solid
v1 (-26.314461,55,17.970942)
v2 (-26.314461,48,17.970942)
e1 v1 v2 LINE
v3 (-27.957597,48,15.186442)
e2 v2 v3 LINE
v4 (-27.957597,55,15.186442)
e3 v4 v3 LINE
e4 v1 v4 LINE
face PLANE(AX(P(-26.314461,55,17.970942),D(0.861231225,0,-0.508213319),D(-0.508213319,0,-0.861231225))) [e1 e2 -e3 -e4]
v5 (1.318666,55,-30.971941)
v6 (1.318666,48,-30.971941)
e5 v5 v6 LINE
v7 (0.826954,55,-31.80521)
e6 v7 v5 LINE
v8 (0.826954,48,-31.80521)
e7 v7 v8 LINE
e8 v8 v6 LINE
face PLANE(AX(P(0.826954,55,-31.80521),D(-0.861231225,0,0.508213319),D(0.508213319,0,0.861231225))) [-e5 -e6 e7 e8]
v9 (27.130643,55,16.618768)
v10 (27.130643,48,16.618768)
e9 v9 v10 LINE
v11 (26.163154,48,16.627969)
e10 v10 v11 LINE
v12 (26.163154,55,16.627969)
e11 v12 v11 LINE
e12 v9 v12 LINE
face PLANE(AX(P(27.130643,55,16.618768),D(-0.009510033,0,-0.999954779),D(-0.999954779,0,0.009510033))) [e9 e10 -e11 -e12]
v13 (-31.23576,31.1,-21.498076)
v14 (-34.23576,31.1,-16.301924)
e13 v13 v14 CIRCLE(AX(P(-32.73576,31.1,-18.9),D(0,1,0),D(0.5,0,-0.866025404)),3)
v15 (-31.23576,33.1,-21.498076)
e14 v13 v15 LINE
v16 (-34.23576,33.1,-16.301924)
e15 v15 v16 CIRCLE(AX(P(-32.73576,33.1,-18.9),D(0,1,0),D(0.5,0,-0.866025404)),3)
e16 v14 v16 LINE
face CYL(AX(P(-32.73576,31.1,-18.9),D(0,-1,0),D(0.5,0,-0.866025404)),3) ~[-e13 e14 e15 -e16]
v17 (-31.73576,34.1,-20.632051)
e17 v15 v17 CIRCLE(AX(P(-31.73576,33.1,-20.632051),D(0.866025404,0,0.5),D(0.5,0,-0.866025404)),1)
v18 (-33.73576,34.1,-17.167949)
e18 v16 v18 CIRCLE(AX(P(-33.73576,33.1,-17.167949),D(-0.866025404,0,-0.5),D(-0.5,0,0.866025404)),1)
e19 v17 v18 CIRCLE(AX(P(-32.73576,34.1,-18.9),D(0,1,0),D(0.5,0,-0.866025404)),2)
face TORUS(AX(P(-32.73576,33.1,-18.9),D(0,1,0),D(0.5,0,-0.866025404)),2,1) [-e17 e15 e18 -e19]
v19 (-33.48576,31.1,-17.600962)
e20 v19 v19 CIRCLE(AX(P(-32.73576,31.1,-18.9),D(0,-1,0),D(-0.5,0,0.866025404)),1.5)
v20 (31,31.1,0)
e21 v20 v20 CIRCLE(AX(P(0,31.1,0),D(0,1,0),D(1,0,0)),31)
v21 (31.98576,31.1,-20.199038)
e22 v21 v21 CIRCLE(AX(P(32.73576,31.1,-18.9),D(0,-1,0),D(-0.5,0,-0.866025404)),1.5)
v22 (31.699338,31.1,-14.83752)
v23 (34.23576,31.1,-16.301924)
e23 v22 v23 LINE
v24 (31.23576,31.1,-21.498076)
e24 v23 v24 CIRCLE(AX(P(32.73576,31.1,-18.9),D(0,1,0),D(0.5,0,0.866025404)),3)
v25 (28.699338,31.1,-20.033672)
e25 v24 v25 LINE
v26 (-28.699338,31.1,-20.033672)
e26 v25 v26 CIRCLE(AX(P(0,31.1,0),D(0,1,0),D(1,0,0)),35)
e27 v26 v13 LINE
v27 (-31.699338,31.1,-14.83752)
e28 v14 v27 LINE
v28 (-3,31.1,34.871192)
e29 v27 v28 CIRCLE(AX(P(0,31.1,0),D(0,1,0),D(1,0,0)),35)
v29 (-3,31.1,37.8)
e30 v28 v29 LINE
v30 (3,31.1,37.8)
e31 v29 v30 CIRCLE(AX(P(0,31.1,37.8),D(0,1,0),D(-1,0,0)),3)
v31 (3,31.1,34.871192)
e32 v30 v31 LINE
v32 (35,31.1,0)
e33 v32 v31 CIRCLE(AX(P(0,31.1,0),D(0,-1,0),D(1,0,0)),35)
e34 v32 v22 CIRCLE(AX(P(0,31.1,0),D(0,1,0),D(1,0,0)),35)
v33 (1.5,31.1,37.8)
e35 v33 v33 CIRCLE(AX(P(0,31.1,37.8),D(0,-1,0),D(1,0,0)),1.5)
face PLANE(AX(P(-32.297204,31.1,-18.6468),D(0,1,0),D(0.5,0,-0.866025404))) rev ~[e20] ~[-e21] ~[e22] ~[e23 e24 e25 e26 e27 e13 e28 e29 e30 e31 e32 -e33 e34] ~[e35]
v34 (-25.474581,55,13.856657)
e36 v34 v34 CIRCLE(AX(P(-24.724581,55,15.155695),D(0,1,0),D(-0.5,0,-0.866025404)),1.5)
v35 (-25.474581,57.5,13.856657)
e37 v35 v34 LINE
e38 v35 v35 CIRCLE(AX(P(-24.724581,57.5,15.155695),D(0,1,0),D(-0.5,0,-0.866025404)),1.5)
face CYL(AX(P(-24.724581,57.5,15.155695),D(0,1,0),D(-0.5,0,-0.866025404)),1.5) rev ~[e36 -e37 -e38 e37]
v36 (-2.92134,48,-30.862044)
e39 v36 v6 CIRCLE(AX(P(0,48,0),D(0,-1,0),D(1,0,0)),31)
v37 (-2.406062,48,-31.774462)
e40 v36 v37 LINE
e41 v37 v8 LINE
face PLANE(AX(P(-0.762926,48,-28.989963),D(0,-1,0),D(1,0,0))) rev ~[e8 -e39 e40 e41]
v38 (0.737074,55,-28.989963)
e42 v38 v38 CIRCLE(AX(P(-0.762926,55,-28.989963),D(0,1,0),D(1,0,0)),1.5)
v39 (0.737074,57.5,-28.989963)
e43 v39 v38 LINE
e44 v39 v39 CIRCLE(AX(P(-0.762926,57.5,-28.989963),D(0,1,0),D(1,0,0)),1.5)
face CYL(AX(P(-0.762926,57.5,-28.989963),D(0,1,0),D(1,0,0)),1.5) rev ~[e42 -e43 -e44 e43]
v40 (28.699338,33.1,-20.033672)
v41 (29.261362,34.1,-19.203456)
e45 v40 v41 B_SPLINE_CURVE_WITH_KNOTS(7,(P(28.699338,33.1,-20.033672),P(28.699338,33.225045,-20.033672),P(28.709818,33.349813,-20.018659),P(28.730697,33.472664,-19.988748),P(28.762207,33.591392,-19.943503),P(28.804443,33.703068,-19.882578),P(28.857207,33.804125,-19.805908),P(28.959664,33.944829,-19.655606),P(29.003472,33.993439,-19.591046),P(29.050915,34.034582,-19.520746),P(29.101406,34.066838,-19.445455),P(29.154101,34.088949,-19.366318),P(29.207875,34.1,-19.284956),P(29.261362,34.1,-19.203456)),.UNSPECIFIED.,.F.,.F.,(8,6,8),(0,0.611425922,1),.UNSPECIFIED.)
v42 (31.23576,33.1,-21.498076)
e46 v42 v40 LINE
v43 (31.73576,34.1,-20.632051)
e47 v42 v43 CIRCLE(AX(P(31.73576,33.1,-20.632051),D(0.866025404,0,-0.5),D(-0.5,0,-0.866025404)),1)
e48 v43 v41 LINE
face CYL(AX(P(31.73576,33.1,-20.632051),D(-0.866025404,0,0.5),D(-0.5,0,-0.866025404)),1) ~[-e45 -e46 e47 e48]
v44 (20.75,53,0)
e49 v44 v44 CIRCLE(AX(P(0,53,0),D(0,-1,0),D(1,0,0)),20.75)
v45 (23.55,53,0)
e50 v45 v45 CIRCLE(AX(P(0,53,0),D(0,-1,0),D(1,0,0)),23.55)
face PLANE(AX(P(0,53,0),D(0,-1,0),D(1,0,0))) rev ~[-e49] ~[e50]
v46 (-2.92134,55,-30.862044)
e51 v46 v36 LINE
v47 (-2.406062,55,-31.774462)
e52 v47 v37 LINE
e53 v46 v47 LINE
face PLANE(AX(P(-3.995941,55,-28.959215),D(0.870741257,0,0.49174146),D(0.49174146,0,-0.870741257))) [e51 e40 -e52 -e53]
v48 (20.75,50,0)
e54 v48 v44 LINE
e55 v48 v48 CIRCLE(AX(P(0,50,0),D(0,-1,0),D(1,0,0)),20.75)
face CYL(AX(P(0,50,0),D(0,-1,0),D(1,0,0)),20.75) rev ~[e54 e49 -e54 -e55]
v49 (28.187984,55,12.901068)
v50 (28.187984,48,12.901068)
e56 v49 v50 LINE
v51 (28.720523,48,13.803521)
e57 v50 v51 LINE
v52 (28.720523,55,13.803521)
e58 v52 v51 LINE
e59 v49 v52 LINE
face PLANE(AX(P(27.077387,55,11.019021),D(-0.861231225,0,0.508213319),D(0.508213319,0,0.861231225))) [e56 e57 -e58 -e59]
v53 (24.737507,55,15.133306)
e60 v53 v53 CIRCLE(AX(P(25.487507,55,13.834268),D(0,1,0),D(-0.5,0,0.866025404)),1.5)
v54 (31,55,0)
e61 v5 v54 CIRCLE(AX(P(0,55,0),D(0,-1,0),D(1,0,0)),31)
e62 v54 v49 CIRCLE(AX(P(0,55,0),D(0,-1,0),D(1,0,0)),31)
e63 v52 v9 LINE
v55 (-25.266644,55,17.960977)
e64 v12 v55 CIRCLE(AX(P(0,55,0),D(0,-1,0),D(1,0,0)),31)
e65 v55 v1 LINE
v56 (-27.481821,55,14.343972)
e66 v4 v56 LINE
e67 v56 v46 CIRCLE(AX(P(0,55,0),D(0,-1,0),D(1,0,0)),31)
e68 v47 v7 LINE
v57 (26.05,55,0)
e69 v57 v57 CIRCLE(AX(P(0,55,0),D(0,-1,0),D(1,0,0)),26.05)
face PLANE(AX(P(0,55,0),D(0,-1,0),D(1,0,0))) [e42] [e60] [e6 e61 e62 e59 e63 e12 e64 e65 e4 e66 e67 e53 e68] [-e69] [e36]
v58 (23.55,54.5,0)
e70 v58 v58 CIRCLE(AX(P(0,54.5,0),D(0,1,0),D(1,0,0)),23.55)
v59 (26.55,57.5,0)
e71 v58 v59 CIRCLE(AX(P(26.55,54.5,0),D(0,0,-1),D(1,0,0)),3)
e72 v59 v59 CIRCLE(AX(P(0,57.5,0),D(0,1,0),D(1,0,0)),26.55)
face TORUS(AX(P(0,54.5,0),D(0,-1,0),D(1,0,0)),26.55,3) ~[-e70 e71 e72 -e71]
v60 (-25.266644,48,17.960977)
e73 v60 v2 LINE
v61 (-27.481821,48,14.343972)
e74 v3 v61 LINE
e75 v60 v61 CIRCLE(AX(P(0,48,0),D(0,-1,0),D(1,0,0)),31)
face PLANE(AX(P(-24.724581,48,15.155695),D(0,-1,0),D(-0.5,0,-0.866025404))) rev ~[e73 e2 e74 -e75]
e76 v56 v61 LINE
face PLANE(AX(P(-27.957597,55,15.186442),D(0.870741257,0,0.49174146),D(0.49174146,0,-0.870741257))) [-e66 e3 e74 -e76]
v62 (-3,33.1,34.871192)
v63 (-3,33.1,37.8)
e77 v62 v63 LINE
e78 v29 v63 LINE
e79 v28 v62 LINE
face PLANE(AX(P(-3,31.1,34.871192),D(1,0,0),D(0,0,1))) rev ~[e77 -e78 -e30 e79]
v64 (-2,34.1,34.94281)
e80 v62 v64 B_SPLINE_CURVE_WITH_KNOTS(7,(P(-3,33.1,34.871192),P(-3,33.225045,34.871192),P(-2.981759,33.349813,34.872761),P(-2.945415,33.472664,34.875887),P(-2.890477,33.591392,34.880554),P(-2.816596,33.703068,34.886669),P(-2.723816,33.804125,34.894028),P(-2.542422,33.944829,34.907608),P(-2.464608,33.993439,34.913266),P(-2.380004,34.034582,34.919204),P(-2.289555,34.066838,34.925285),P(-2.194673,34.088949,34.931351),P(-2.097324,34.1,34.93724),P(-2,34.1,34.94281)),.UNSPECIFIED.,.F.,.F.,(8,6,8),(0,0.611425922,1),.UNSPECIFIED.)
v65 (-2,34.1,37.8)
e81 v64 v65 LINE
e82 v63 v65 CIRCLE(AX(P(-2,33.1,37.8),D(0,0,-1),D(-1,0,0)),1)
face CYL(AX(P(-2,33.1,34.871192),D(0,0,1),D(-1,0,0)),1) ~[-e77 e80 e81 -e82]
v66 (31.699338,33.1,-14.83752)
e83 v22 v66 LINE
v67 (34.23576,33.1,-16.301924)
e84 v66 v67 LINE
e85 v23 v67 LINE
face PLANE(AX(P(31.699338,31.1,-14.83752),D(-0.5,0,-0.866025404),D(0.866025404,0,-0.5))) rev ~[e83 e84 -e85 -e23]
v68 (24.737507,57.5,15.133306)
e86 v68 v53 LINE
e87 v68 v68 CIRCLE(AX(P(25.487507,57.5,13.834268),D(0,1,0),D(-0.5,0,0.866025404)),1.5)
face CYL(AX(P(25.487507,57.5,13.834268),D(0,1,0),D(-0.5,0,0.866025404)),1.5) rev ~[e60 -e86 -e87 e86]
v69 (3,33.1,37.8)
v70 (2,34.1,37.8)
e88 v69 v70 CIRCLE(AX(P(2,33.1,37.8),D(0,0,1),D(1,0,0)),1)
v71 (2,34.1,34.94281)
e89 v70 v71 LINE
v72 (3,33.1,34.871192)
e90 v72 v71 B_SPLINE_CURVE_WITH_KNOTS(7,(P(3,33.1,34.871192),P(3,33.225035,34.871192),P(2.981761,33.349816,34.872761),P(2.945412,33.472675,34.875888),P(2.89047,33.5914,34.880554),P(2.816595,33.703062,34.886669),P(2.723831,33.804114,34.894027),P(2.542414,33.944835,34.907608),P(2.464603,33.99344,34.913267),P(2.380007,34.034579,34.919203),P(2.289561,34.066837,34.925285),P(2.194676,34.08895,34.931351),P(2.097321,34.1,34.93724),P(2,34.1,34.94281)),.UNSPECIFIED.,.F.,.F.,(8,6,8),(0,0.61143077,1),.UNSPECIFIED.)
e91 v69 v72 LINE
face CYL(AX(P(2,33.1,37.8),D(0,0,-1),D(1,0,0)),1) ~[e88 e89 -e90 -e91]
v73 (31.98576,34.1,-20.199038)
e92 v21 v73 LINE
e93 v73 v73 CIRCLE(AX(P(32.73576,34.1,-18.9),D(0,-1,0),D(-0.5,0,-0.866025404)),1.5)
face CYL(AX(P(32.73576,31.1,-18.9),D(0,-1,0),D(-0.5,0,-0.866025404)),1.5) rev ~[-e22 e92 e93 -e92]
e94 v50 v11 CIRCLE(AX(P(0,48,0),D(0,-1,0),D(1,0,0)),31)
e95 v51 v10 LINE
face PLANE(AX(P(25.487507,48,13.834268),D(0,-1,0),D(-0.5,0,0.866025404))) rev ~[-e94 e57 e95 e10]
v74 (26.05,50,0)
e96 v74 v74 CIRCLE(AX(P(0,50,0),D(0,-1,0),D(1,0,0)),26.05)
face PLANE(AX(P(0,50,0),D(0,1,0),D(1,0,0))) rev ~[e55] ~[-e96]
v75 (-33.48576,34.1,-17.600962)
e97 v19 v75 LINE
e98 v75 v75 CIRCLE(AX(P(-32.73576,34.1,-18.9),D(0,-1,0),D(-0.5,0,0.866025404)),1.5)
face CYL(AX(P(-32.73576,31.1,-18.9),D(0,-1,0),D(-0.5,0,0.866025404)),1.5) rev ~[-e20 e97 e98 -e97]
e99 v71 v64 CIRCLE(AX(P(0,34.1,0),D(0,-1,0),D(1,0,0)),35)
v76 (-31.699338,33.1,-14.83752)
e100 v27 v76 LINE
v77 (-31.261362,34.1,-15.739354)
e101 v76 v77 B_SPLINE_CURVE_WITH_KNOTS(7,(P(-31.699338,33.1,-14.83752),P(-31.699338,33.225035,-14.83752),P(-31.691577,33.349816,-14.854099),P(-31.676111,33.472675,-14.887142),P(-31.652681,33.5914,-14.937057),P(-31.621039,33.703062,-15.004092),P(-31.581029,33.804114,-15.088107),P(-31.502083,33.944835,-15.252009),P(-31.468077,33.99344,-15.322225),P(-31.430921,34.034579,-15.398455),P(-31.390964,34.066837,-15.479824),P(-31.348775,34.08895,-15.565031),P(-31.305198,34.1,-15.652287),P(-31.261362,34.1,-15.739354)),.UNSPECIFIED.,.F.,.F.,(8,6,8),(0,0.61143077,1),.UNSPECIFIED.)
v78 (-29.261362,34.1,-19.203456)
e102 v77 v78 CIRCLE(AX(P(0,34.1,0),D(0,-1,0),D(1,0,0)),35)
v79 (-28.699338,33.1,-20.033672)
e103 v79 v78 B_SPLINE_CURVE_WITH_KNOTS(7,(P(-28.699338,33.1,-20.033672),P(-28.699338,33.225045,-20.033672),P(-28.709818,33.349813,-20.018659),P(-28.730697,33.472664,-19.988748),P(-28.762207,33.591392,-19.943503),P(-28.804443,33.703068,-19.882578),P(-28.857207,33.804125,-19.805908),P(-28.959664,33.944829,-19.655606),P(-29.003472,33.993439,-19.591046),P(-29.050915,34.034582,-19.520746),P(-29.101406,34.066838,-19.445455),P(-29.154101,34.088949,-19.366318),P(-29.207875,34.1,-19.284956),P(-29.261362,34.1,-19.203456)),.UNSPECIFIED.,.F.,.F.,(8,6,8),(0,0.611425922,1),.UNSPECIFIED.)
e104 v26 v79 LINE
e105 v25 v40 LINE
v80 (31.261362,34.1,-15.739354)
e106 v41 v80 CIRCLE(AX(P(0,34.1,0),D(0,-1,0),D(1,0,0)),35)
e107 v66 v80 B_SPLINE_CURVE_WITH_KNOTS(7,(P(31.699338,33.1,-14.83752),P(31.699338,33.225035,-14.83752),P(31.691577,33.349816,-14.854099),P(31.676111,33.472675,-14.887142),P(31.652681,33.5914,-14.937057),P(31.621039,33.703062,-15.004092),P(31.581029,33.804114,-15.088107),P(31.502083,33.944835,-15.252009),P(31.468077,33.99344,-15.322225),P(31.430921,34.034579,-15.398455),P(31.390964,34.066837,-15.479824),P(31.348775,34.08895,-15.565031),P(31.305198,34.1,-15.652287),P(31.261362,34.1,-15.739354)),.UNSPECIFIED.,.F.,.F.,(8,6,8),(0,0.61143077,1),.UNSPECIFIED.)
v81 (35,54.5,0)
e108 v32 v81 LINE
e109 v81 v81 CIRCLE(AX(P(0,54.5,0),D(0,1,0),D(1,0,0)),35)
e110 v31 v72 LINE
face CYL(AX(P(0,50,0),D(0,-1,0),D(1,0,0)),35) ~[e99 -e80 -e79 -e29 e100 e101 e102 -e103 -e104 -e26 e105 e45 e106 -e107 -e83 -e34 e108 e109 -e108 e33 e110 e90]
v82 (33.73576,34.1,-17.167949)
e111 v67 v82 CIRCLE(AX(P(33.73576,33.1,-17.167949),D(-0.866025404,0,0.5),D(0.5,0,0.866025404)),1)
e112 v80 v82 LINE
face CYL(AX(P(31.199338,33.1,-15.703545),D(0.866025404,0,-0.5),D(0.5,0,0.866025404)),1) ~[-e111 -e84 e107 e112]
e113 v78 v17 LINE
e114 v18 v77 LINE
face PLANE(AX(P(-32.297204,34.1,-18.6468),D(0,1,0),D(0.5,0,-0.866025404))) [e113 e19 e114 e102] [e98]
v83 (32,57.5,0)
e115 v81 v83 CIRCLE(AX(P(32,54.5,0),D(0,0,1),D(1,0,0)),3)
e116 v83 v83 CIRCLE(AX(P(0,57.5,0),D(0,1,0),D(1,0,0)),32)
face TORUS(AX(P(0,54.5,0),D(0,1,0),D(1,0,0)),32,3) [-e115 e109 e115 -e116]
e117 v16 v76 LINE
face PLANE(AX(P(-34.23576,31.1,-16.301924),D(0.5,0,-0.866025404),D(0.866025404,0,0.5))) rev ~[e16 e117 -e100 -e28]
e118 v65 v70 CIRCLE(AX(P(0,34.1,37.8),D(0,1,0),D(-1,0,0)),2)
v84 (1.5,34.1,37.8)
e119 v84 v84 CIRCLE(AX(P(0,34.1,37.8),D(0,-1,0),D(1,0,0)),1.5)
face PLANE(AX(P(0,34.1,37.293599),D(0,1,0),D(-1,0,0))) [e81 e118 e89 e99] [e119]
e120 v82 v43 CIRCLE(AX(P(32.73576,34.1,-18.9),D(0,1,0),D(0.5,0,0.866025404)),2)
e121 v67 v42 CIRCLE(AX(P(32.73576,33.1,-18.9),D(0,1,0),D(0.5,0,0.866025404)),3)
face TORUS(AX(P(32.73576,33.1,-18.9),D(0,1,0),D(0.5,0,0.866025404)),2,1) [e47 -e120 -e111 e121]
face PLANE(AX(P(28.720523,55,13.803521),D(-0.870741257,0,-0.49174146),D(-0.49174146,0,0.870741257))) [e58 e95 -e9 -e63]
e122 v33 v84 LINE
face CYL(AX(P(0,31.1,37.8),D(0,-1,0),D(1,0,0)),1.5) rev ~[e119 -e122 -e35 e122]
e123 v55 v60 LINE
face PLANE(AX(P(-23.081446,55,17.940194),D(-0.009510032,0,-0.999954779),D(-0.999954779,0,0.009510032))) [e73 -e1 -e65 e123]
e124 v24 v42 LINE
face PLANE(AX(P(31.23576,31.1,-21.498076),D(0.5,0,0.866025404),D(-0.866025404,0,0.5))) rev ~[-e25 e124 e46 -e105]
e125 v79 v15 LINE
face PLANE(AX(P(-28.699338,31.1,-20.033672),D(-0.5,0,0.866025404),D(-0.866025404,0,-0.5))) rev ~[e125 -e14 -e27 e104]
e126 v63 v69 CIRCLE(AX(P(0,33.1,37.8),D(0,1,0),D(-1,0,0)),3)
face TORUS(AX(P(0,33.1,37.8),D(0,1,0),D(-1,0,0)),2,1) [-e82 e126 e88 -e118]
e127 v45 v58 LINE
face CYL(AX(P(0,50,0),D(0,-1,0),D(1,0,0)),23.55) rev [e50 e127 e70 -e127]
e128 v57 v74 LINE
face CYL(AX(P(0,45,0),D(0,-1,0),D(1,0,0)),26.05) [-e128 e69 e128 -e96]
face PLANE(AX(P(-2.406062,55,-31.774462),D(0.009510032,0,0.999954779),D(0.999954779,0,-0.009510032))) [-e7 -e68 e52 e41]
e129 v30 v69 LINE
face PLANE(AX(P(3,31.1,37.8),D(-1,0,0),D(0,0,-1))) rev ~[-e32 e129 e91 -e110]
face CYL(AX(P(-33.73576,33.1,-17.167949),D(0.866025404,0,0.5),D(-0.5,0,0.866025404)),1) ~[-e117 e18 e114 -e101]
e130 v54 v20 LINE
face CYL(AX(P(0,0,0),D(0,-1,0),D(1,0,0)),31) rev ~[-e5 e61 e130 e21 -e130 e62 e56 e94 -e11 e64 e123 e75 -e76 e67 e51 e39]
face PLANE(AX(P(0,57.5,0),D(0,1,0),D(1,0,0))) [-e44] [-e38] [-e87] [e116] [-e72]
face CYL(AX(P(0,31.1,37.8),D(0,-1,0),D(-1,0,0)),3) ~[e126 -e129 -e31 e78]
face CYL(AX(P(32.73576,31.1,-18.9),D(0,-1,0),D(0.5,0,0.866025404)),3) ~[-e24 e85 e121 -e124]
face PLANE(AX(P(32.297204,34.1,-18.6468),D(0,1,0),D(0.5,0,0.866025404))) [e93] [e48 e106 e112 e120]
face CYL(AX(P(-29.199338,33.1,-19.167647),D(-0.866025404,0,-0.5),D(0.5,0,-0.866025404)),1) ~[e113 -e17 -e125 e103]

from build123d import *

# Parameters (mm, degrees)
SKETCH1_R                = 35
SKETCH1_R_2              = 2.6
SKETCH1_R_3              = 11
BOSS_EXTRUDE1_DEPTH      = 50
SKETCH2_R                = 31
CUT_EXTRUDE1_DEPTH       = 45
SKETCH3_R                = 26.05
SKETCH3_R_2              = 23.55
BOSS_EXTRUDE2_DEPTH      = 7.5
BOSS_EXTRUDE3_START      = -8
SKETCH5_R                = 23.55
SKETCH5_R_2              = 20.75
BOSS_EXTRUDE3_DEPTH      = 2
SKETCH7_R                = 35
SKETCH7_R_2              = 25.333529331
BOSS_EXTRUDE4_DEPTH      = 7.5
SKETCH9_R                = 31
SKETCH9_R_2              = 26.05
CUT_EXTRUDE2_DEPTH       = 10
FILLET1_R                = 3
SKETCH11_R               = 26.883478625
CUT_EXTRUDE4_DEPTH       = 404
SKETCH12_R               = 1.5
CUT_EXTRUDE5_DEPTH       = 7
CUT_EXTRUDE6_DEPTH       = 7
CIRPATTERN1_COUNT        = 3
SKETCH15_R               = 26.05
SKETCH15_R_2             = 20.75
BOSS_EXTRUDE5_DEPTH      = 3
SKETCH10_W               = 144.751988019
SKETCH10_H               = 48.841098946
CUT_EXTRUDE7_DEPTH       = 93
CUT_EXTRUDE7_DEPTH_BACK  = 113
SKETCH16_R               = 1.5
BOSS_EXTRUDE6_DEPTH      = 3
FILLET3_R                = 1
CIRPATTERN7_COUNT        = 3
FILLET3_OF_CIRPATTERN7_R = 1


with BuildPart() as part:
    # Sketch1 → Boss-Extrude1 (new body)
    with BuildSketch(Plane(origin=(0, 0, 0), x_dir=(1, 0, 0), z_dir=(0, 1, 0))):
        Circle(SKETCH1_R)
        with Locations((-8.350111435, 15.379390073)):
            Circle(SKETCH1_R_2, mode=Mode.SUBTRACT)
        with Locations((-9.143886781, -14.921103663)):
            Circle(SKETCH1_R_2, mode=Mode.SUBTRACT)
        with Locations((17.493998216, -0.45828641)):
            Circle(SKETCH1_R_2, mode=Mode.SUBTRACT)
        Circle(SKETCH1_R_3, mode=Mode.SUBTRACT)
    extrude(amount=BOSS_EXTRUDE1_DEPTH)

    # Sketch2 → Cut-Extrude1 (cut)
    with BuildSketch(Plane.XZ):
        Circle(SKETCH2_R)
    extrude(amount=-CUT_EXTRUDE1_DEPTH, mode=Mode.SUBTRACT)

    # Sketch3 → Boss-Extrude2 (add)
    with BuildSketch(Plane(origin=(0, 50, 0), x_dir=(1, 0, 0), z_dir=(0, 1, 0))):
        with Locations((0, 0.716470669)):
            Circle(SKETCH3_R)
        Circle(SKETCH3_R_2, mode=Mode.SUBTRACT)
    extrude(amount=BOSS_EXTRUDE2_DEPTH)

    # Sketch5 → Boss-Extrude3 (add)
    with BuildSketch(Plane(origin=(0, 57.5, 0), x_dir=(1, 0, 0), z_dir=(0, 1, 0)).offset(BOSS_EXTRUDE3_START)):
        Circle(SKETCH5_R)
        Circle(SKETCH5_R_2, mode=Mode.SUBTRACT)
    extrude(amount=BOSS_EXTRUDE3_DEPTH)

    # Sketch7 → Boss-Extrude4 (add)
    with BuildSketch(Plane(origin=(0, 50, 0), x_dir=(1, 0, 0), z_dir=(0, 1, 0))):
        Circle(SKETCH7_R)
        Circle(SKETCH7_R_2, mode=Mode.SUBTRACT)
    extrude(amount=BOSS_EXTRUDE4_DEPTH)

    # Sketch9 → Cut-Extrude2 (cut)
    with BuildSketch(Plane.XZ.offset(-45)):
        Circle(SKETCH9_R)
        Circle(SKETCH9_R_2, mode=Mode.SUBTRACT)
    extrude(amount=-CUT_EXTRUDE2_DEPTH, mode=Mode.SUBTRACT)

    # Fillet1
    fillet1_edges = [part.edges().sort_by_distance(p)[0] for p in [
        (-23.55, 57.5, 0),
        (-35, 57.5, 0),
    ]]
    fillet(fillet1_edges, radius=FILLET1_R)

    # Sketch11 → Cut-Extrude4 (cut)
    with BuildSketch(Plane(origin=(0, 50, 0), x_dir=(1, 0, 0), z_dir=(0, 1, 0))):
        Circle(SKETCH11_R)
    extrude(amount=-CUT_EXTRUDE4_DEPTH, mode=Mode.SUBTRACT)

    # Sketch12 → Cut-Extrude5 (cut)
    with BuildSketch(Plane(origin=(0, 57.5, 0), x_dir=(1, 0, 0), z_dir=(0, 1, 0))):
        with Locations((-0.762925985, 28.989962814)):
            Circle(SKETCH12_R)
    cut_extrude5 = extrude(amount=-CUT_EXTRUDE5_DEPTH, mode=Mode.SUBTRACT)

    # Sketch13 → Cut-Extrude6 (cut)
    with BuildSketch(Plane.XZ.offset(-55)):
        Polygon((-3.995941284, -28.959215343), (-2.406061725, -31.774462459), (0.826953574, -31.805209929), (2.470089315, -29.020710284), (0.880209755, -26.205463169), (-2.352805544, -26.174715698), align=None)
    cut_extrude6 = extrude(amount=CUT_EXTRUDE6_DEPTH, mode=Mode.SUBTRACT)

    # CirPattern1: Cut-Extrude5, Cut-Extrude6 ×3 about axis
    cirpattern1_axis = Axis((0, 0, 0), (0, 1, 0))
    for i in range(1, CIRPATTERN1_COUNT):
        add(cut_extrude5.rotate(cirpattern1_axis, i * 360 / CIRPATTERN1_COUNT), mode=Mode.SUBTRACT)
        add(cut_extrude6.rotate(cirpattern1_axis, i * 360 / CIRPATTERN1_COUNT), mode=Mode.SUBTRACT)

    # Sketch15 → Boss-Extrude5 (add)
    with BuildSketch(Plane.XZ.offset(-50)):
        Circle(SKETCH15_R)
        Circle(SKETCH15_R_2, mode=Mode.SUBTRACT)
    extrude(amount=-BOSS_EXTRUDE5_DEPTH)

    # Sketch10 → Cut-Extrude7 (cut, two sides)
    with BuildSketch(Plane(origin=(0, 0, 0), x_dir=(0, 0, -1), z_dir=(1, 0, 0))) as cut_extrude7_sk:
        with Locations((-1.20572645, 6.679450527)):
            Rectangle(SKETCH10_W, SKETCH10_H)
    extrude(amount=CUT_EXTRUDE7_DEPTH, mode=Mode.SUBTRACT)
    extrude(cut_extrude7_sk.sketch, amount=-CUT_EXTRUDE7_DEPTH_BACK, mode=Mode.SUBTRACT)

    # Sketch16 → Boss-Extrude6 (add)
    with BuildSketch(Plane.XZ.offset(-31.1)):
        with BuildLine():
            Line((-3, 34.871191548), (-3, 37.8))
            ThreePointArc((-3, 37.8), (0, 40.8), (3, 37.8))
            Line((3, 37.8), (3, 34.871191548))
            Line((3, 34.871191548), (-3, 34.871191548))
        make_face()
        with Locations((0, 37.8)):
            Circle(SKETCH16_R, mode=Mode.SUBTRACT)
    boss_extrude6 = extrude(amount=-BOSS_EXTRUDE6_DEPTH)

    # Fillet3
    fillet3_edges = [part.edges().sort_by_distance(p)[0] for p in [
        (-3, 34.1, 36.335595774),
        (0, 34.1, 40.8),
        (3, 34.1, 36.335595774),
    ]]
    fillet(fillet3_edges, radius=FILLET3_R)

    # CirPattern7: Boss-Extrude6 ×3 about axis
    cirpattern7_axis = Axis((0, 0, 0), (0, 1, 0))
    for i in range(1, CIRPATTERN7_COUNT):
        add(boss_extrude6.rotate(cirpattern7_axis, i * 360 / CIRPATTERN7_COUNT))

    # Fillet3 of CirPattern7
    fillet3_of_cirpattern7_edges = [part.edges().sort_by_distance(p)[0] for p in [
        (32.967549002, 34.1, -15.569721676),
        (35.333836474, 34.1, -20.4),
        (29.967549002, 34.1, -20.765874098),
        (-29.967549002, 34.1, -20.765874098),
        (-35.333836474, 34.1, -20.4),
        (-32.967549002, 34.1, -15.569721676),
    ]]
    fillet(fillet3_of_cirpattern7_edges, radius=FILLET3_OF_CIRPATTERN7_R)


solid = part.part
